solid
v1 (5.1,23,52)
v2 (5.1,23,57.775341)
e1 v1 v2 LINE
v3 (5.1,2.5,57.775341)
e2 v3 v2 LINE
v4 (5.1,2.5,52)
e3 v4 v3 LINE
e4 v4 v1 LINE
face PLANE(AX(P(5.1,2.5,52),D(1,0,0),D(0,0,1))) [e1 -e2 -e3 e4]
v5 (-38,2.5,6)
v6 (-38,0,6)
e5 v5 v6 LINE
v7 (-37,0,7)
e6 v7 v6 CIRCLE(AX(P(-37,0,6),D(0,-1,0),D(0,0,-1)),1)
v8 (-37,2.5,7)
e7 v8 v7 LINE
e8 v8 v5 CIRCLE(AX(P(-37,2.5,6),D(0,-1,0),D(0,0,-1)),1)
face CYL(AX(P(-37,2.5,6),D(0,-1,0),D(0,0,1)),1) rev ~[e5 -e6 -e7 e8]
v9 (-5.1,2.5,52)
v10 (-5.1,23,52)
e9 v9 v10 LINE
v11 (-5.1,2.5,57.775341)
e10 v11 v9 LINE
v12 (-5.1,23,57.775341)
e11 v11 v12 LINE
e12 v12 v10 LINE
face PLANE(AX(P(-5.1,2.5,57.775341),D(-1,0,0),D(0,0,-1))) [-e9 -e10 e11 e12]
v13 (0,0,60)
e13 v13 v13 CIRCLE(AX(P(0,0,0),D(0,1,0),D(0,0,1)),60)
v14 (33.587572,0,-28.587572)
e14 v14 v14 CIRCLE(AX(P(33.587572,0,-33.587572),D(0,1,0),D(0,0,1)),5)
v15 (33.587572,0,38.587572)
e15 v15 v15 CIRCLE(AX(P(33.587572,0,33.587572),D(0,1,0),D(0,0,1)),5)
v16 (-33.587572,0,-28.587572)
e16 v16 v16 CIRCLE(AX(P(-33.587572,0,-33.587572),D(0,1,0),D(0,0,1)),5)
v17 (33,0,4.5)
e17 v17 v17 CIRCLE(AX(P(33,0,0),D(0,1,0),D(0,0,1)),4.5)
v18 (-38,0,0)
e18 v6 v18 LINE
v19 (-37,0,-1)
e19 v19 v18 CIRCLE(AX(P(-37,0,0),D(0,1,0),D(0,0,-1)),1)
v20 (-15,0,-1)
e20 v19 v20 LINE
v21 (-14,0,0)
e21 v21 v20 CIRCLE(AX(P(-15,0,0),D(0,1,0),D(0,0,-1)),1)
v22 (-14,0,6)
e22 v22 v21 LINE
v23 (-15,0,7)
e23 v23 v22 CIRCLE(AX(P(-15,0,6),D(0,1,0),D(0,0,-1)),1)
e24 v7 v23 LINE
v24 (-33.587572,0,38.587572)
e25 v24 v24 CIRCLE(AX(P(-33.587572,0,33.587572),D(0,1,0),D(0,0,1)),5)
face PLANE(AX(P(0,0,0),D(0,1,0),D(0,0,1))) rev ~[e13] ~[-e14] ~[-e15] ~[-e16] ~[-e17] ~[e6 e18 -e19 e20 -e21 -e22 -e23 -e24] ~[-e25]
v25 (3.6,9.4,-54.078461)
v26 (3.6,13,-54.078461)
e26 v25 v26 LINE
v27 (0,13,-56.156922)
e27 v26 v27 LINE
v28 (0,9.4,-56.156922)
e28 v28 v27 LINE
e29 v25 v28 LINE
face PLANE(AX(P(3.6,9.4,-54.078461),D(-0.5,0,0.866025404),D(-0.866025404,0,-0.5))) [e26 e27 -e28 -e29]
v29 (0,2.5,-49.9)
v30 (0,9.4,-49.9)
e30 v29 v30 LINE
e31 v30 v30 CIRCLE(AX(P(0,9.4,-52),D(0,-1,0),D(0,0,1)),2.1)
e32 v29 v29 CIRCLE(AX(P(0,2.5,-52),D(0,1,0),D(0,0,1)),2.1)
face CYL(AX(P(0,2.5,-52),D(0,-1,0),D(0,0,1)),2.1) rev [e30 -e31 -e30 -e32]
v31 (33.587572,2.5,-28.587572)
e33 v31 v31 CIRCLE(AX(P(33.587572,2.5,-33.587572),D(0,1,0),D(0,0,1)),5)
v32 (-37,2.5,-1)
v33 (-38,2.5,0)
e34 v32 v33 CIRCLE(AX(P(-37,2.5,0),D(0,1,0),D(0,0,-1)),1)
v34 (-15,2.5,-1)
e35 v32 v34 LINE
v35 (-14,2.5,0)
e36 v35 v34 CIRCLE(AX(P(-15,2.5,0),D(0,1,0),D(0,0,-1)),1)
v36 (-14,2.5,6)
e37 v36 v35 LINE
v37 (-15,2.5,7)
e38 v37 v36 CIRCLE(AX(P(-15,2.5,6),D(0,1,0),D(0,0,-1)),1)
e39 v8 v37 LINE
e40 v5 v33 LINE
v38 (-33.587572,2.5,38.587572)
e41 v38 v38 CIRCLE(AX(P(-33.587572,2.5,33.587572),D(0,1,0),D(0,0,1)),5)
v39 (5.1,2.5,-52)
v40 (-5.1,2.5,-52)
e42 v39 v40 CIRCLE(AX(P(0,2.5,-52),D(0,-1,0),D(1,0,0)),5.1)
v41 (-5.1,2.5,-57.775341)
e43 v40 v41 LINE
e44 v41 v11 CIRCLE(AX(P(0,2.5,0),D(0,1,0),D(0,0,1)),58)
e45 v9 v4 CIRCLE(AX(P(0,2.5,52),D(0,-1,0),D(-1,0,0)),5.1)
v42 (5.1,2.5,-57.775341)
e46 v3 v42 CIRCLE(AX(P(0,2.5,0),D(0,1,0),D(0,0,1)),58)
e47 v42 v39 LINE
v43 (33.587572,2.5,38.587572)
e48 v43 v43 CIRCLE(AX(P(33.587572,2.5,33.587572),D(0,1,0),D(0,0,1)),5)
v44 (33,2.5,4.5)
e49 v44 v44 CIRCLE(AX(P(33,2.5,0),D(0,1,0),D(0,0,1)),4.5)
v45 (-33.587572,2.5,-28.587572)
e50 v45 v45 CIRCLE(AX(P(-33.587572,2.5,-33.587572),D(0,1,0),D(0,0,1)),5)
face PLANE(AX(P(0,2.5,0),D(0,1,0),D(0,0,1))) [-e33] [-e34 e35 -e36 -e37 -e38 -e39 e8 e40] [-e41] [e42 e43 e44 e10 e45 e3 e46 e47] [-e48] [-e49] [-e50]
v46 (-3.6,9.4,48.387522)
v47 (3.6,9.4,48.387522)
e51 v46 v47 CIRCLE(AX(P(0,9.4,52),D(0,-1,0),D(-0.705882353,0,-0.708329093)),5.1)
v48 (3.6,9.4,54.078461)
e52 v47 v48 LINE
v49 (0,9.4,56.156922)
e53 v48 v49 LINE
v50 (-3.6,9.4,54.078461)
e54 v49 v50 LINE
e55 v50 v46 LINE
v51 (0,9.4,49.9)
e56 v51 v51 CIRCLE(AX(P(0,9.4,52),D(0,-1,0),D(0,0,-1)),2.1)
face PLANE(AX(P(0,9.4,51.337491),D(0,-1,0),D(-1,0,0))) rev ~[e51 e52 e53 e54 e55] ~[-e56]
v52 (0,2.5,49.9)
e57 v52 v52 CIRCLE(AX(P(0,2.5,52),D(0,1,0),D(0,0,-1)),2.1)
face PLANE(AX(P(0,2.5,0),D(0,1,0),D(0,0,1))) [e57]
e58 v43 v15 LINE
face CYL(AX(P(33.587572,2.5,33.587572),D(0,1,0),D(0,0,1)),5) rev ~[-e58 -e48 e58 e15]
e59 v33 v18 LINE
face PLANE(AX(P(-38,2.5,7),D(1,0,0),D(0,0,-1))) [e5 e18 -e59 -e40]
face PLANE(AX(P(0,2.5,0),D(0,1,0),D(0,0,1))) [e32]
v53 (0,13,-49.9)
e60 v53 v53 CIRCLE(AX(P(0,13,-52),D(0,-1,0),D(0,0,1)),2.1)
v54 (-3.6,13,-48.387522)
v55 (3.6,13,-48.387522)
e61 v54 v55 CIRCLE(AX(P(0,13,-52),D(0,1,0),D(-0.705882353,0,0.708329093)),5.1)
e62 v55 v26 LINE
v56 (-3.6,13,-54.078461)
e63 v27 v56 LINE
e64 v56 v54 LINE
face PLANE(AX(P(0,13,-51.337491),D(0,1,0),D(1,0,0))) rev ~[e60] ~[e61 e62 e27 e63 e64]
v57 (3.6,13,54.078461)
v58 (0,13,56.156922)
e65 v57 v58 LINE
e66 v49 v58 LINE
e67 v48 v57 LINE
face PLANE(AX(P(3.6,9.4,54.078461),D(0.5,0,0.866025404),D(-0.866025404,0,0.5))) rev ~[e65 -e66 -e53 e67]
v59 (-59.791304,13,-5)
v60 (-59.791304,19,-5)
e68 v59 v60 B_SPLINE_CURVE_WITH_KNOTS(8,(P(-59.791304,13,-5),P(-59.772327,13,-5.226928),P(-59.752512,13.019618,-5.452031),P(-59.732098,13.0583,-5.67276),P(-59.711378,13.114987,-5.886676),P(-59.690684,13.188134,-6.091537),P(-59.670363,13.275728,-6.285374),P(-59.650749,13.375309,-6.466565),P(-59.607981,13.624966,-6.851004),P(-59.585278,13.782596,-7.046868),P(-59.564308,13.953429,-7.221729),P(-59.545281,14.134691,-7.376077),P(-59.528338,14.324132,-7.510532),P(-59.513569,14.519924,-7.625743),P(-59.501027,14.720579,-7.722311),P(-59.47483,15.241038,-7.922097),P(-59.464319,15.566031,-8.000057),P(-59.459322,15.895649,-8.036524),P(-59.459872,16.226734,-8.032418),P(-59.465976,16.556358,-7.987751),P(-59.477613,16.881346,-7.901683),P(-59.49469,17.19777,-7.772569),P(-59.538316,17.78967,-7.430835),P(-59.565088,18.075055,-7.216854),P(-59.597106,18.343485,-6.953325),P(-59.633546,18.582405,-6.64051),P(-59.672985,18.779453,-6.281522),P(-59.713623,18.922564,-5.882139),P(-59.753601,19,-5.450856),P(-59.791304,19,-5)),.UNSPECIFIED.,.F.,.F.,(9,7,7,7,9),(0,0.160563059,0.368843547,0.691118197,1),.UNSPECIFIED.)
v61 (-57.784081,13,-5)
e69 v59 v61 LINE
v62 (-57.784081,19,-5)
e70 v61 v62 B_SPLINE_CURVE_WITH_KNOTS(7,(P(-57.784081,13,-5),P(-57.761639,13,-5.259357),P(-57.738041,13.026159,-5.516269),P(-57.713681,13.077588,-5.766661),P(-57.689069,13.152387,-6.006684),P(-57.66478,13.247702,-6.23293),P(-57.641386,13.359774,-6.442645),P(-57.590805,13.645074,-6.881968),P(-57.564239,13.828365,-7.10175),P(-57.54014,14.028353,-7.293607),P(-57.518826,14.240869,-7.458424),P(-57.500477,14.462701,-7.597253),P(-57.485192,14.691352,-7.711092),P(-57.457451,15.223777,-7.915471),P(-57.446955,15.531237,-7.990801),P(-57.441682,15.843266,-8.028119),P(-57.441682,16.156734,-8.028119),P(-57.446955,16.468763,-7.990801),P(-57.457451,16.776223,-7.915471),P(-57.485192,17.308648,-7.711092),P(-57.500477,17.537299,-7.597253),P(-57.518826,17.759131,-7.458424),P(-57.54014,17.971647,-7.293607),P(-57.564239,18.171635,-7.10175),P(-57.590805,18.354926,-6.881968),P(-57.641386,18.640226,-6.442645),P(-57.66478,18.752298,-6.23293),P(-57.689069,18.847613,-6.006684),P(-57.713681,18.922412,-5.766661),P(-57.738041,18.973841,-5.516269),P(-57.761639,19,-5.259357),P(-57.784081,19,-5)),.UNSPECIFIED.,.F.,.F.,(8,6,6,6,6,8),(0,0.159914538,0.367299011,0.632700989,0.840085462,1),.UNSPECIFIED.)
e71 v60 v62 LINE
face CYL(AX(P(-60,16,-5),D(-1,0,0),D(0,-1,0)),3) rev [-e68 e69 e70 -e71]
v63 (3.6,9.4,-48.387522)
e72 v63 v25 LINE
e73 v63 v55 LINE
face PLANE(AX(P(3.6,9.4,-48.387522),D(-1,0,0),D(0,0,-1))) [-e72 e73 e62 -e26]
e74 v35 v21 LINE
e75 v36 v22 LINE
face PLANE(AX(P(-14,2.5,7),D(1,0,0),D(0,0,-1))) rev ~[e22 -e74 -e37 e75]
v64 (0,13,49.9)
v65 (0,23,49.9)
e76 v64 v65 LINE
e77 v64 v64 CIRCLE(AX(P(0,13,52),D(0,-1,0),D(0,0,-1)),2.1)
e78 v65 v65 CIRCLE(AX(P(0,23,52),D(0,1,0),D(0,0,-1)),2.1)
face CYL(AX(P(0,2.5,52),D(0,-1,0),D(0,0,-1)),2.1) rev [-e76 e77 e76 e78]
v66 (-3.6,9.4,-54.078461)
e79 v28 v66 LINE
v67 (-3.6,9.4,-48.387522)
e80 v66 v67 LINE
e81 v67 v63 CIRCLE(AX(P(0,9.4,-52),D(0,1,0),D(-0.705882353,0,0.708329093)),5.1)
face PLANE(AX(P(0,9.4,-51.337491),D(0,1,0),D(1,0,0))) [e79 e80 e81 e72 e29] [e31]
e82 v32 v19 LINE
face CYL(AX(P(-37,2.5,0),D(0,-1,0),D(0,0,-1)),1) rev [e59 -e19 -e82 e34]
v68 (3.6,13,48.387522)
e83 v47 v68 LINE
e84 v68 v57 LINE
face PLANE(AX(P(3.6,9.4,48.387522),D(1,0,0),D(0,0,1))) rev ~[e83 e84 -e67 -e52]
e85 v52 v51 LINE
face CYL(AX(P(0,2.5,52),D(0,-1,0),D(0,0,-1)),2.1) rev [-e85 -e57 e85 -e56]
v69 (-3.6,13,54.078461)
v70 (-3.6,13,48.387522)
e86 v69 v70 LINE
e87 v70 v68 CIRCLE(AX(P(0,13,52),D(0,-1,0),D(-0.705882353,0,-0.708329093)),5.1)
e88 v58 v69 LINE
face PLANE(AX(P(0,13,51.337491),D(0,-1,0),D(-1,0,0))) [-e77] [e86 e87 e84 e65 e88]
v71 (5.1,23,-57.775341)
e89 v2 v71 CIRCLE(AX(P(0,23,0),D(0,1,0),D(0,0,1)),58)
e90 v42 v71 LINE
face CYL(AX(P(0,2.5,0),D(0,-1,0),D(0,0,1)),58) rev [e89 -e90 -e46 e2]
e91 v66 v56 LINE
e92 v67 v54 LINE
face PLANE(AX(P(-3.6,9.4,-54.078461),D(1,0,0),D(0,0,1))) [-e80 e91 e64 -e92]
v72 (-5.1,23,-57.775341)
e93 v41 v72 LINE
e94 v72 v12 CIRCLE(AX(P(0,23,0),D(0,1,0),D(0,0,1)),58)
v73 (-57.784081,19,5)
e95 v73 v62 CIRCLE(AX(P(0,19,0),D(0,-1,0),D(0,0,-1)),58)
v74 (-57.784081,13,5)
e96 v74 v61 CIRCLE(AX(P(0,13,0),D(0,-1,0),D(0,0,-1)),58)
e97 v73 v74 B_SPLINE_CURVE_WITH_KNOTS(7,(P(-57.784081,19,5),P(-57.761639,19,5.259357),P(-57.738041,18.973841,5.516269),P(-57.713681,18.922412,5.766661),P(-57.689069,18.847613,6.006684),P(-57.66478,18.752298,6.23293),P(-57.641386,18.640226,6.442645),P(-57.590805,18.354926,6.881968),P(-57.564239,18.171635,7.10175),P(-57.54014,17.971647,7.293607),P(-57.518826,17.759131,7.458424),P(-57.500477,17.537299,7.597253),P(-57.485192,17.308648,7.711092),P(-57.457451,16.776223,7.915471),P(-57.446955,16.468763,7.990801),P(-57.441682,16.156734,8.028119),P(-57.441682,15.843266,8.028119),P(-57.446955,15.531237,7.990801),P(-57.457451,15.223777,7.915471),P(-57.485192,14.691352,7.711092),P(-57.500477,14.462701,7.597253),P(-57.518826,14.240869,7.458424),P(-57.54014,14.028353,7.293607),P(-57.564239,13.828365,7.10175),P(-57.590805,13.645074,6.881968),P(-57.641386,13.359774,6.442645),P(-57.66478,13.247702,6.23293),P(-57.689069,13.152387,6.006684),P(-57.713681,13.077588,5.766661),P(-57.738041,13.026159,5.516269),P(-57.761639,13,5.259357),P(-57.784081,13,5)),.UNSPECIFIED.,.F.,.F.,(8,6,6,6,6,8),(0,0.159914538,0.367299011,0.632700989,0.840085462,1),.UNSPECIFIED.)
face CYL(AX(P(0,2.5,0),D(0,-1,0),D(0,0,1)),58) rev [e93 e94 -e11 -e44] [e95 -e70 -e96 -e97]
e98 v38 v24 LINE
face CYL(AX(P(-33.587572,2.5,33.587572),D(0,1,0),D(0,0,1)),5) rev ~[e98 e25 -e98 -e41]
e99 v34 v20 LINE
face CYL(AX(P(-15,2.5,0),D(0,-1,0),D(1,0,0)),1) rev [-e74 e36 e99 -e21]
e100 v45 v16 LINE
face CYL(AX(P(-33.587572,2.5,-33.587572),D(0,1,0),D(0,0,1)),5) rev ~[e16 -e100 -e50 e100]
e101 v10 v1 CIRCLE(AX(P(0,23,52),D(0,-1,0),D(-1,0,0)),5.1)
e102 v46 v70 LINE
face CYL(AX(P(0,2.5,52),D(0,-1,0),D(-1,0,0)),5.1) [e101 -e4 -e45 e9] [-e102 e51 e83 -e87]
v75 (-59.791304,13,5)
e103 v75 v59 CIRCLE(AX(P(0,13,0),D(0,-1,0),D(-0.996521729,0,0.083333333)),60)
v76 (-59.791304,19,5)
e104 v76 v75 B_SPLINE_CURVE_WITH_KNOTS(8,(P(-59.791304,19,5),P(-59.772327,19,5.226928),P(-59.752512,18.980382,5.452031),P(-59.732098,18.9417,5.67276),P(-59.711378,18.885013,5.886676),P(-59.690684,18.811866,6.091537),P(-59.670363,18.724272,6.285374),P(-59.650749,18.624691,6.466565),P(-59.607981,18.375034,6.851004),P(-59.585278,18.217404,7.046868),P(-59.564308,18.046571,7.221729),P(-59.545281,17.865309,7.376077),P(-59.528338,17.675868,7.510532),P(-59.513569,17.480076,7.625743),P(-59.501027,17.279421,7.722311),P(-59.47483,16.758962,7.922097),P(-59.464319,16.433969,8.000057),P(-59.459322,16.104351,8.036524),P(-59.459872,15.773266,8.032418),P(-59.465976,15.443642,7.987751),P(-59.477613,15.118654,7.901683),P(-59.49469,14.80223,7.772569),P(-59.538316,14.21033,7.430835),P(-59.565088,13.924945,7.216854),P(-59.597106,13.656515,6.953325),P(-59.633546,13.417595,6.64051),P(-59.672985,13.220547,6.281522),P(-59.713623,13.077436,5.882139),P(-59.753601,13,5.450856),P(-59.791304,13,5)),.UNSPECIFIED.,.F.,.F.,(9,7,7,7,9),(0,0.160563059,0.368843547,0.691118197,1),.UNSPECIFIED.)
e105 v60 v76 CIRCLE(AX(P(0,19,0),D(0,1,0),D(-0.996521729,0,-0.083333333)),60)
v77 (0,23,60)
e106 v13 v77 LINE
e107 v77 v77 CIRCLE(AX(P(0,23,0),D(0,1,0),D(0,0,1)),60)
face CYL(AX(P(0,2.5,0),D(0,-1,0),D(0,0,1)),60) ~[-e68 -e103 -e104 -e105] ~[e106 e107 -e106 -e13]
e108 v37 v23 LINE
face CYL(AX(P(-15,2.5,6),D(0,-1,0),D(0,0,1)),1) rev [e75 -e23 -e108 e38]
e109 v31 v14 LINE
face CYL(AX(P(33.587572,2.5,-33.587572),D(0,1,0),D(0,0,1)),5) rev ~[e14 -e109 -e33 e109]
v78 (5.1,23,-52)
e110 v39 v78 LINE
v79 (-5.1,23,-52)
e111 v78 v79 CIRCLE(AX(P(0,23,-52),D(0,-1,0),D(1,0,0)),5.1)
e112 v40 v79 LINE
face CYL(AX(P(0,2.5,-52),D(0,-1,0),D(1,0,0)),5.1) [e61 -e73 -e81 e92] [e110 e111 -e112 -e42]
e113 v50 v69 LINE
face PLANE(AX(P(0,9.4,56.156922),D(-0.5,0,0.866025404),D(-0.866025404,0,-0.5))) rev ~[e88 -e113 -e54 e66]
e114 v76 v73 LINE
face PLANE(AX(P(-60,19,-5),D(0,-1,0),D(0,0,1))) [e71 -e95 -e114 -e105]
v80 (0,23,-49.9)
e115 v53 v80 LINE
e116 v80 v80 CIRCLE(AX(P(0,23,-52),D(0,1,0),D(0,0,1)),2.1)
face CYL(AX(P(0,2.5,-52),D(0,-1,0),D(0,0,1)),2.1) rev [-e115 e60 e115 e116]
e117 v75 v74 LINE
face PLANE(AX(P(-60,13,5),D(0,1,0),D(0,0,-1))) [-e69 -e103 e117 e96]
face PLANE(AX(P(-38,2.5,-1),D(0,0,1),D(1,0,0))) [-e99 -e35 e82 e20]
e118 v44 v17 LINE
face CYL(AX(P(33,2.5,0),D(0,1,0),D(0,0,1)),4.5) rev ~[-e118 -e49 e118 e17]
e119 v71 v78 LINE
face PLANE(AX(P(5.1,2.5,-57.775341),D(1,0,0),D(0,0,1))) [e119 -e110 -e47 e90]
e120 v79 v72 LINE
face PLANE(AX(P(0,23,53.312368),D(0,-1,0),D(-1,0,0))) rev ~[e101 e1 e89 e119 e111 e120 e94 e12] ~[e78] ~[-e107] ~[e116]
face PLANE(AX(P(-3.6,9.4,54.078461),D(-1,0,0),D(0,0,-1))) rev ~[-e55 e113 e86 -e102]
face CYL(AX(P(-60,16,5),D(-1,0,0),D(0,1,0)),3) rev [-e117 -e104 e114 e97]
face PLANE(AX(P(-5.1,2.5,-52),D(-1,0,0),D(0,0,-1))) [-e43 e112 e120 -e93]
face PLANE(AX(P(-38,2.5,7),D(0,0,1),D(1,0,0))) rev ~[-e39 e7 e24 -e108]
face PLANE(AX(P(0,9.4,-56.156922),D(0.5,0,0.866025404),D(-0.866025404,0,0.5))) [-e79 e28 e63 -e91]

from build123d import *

# Parameters (mm, degrees)
SKETCH1_R               = 60
BOSS_EXTRUDE1_DEPTH     = 2.5
SKETCH2_R               = 60
SKETCH2_R_2             = 58
BOSS_EXTRUDE2_DEPTH     = 20.5
SKETCH3_R               = 4.5
SKETCH3_R_2             = 5
CUT_EXTRUDE1_DEPTH      = 88.294043325
SKETCH4_W               = 24
SKETCH4_H               = 8
CUT_EXTRUDE2_DEPTH      = 88.294043325
FILLET1_R               = 1
SKETCH5_R               = 2.1
BOSS_EXTRUDE3_DEPTH     = 20.5
CUT_EXTRUDE3_START      = -3.6
CUT_EXTRUDE3_DEPTH      = 3.6
CUT_EXTRUDE4_REACH      = 138.121
CUT_EXTRUDE4_END_RADIUS = 58


with BuildPart() as part:
    # Sketch1 → Boss-Extrude1 (new body)
    with BuildSketch(Plane(origin=(0, 0, 0), x_dir=(1, 0, 0), z_dir=(0, 1, 0))):
        with Locations(Location((0, 0, 0), (0, 0, 270))):
            Circle(SKETCH1_R)
    extrude(amount=BOSS_EXTRUDE1_DEPTH)

    # Sketch2 → Boss-Extrude2 (add)
    with BuildSketch(Plane(origin=(0, 2.5, 0), x_dir=(1, 0, 0), z_dir=(0, 1, 0))):
        with Locations(Location((0, 0, 0), (0, 0, 270))):
            Circle(SKETCH2_R)
        with Locations(Location((0, 0, 0), (0, 0, 270))):
            Circle(SKETCH2_R_2, mode=Mode.SUBTRACT)
    extrude(amount=BOSS_EXTRUDE2_DEPTH)

    # Sketch3 → Cut-Extrude1 (cut, through all)
    with BuildSketch(Plane(origin=(0, 2.5, 0), x_dir=(1, 0, 0), z_dir=(0, 1, 0))):
        with Locations(Location((33, 0, 0), (0, 0, 270))):
            Circle(SKETCH3_R)
        with Locations(Location((33.587572106, 33.587572106, 0), (0, 0, 270))):
            Circle(SKETCH3_R_2)
        with Locations(Location((33.587572106, -33.587572106, 0), (0, 0, 270))):
            Circle(SKETCH3_R_2)
        with Locations(Location((-33.587572106, -33.587572106, 0), (0, 0, 270))):
            Circle(SKETCH3_R_2)
        with Locations(Location((-33.587572106, 33.587572106, 0), (0, 0, 270))):
            Circle(SKETCH3_R_2)
    extrude(amount=-CUT_EXTRUDE1_DEPTH, mode=Mode.SUBTRACT)

    # Sketch4 → Cut-Extrude2 (cut, through all)
    with BuildSketch(Plane(origin=(0, 2.5, 0), x_dir=(1, 0, 0), z_dir=(0, 1, 0))):
        with Locations((-26, -3)):
            Rectangle(SKETCH4_W, SKETCH4_H)
    extrude(amount=-CUT_EXTRUDE2_DEPTH, mode=Mode.SUBTRACT)

    # Fillet1
    fillet1_edges = [part.edges().sort_by_distance(p)[0] for p in [
        (-38, 1.25, 7),
        (-38, 1.25, -1),
        (-14, 1.25, -1),
        (-14, 1.25, 7),
    ]]
    fillet(fillet1_edges, radius=FILLET1_R)

    # Sketch5 → Boss-Extrude3 (add, through all)
    # profile 1 of 2: a face of its own
    with BuildSketch(Plane(origin=(0, 2.5, 0), x_dir=(1, 0, 0), z_dir=(0, 1, 0))):
        with BuildLine():
            Line((-5.1, 52), (-5.1, 57.775340761))
            ThreePointArc((-5.1, 57.775340761), (0, 58), (5.1, 57.775340761))
            Line((5.1, 57.775340761), (5.1, 52))
            ThreePointArc((5.1, 52), (0, 46.9), (-5.1, 52))
        make_face()
        with Locations(Location((0, 52, 0), (0, 0, 270))):
            Circle(SKETCH5_R, mode=Mode.SUBTRACT)
    # profile 2 of 2: a face of its own
    with BuildSketch(Plane(origin=(0, 2.5, 0), x_dir=(1, 0, 0), z_dir=(0, 1, 0))):
        with BuildLine():
            Line((5.1, -52), (5.1, -57.775340761))
            ThreePointArc((5.1, -57.775340761), (0, -58), (-5.1, -57.775340761))
            Line((-5.1, -57.775340761), (-5.1, -52))
            ThreePointArc((-5.1, -52), (0, -46.9), (5.1, -52))
        make_face()
        with Locations(Location((0, -52, 0), (0, 0, 90))):
            Circle(SKETCH5_R, mode=Mode.SUBTRACT)
    extrude(amount=BOSS_EXTRUDE3_DEPTH)

    # Sketch6 → Cut-Extrude3 (cut)
    with BuildSketch(Plane(origin=(0, 13, 0), x_dir=(1, 0, 0), z_dir=(0, 1, 0)).offset(CUT_EXTRUDE3_START)):
        with BuildLine():
            Line((3.6, 54.078460969), (0, 56.156921938))
            Line((0, 56.156921938), (-3.6, 54.078460969))
            Line((-3.6, 54.078460969), (-3.6, 48.387521626))
            ThreePointArc((-3.6, 48.387521626), (0, 46.9), (3.6, 48.387521626))
            Line((3.6, 48.387521626), (3.6, 54.078460969))
        make_face()
        with BuildLine():
            Line((3.6, -48.387521626), (3.6, -54.078460969))
            Line((3.6, -54.078460969), (0, -56.156921938))
            Line((0, -56.156921938), (-3.6, -54.078460969))
            Line((-3.6, -54.078460969), (-3.6, -48.387521626))
            ThreePointArc((-3.6, -48.387521626), (0, -46.9), (3.6, -48.387521626))
        make_face()
    extrude(amount=CUT_EXTRUDE3_DEPTH, mode=Mode.SUBTRACT)

    # Cut-Extrude4: up to this cylinder (the profile starts outside it)
    cut_extrude4_end = Plane(origin=(0, 16, 0), z_dir=(0, -1, 0)) * Cylinder(CUT_EXTRUDE4_END_RADIUS, 393.242, mode=Mode.PRIVATE)
    # Sketch7 → Cut-Extrude4 (cut, up to the surface)
    with BuildSketch(Plane.ZY.offset(60), mode=Mode.PRIVATE) as cut_extrude4_sk1:
        with BuildLine():
            Line((-5, 19), (5, 19))
            ThreePointArc((5, 19), (8, 16), (5, 13))
            Line((5, 13), (-5, 13))
            ThreePointArc((-5, 13), (-8, 16), (-5, 19))
        make_face()
    cut_extrude4_tool1 = extrude(cut_extrude4_sk1.sketch, amount=-CUT_EXTRUDE4_REACH, mode=Mode.PRIVATE) - cut_extrude4_end
    add(cut_extrude4_tool1.solids().sort_by_distance((-60, 16, 0))[0], mode=Mode.SUBTRACT)


solid = part.part
